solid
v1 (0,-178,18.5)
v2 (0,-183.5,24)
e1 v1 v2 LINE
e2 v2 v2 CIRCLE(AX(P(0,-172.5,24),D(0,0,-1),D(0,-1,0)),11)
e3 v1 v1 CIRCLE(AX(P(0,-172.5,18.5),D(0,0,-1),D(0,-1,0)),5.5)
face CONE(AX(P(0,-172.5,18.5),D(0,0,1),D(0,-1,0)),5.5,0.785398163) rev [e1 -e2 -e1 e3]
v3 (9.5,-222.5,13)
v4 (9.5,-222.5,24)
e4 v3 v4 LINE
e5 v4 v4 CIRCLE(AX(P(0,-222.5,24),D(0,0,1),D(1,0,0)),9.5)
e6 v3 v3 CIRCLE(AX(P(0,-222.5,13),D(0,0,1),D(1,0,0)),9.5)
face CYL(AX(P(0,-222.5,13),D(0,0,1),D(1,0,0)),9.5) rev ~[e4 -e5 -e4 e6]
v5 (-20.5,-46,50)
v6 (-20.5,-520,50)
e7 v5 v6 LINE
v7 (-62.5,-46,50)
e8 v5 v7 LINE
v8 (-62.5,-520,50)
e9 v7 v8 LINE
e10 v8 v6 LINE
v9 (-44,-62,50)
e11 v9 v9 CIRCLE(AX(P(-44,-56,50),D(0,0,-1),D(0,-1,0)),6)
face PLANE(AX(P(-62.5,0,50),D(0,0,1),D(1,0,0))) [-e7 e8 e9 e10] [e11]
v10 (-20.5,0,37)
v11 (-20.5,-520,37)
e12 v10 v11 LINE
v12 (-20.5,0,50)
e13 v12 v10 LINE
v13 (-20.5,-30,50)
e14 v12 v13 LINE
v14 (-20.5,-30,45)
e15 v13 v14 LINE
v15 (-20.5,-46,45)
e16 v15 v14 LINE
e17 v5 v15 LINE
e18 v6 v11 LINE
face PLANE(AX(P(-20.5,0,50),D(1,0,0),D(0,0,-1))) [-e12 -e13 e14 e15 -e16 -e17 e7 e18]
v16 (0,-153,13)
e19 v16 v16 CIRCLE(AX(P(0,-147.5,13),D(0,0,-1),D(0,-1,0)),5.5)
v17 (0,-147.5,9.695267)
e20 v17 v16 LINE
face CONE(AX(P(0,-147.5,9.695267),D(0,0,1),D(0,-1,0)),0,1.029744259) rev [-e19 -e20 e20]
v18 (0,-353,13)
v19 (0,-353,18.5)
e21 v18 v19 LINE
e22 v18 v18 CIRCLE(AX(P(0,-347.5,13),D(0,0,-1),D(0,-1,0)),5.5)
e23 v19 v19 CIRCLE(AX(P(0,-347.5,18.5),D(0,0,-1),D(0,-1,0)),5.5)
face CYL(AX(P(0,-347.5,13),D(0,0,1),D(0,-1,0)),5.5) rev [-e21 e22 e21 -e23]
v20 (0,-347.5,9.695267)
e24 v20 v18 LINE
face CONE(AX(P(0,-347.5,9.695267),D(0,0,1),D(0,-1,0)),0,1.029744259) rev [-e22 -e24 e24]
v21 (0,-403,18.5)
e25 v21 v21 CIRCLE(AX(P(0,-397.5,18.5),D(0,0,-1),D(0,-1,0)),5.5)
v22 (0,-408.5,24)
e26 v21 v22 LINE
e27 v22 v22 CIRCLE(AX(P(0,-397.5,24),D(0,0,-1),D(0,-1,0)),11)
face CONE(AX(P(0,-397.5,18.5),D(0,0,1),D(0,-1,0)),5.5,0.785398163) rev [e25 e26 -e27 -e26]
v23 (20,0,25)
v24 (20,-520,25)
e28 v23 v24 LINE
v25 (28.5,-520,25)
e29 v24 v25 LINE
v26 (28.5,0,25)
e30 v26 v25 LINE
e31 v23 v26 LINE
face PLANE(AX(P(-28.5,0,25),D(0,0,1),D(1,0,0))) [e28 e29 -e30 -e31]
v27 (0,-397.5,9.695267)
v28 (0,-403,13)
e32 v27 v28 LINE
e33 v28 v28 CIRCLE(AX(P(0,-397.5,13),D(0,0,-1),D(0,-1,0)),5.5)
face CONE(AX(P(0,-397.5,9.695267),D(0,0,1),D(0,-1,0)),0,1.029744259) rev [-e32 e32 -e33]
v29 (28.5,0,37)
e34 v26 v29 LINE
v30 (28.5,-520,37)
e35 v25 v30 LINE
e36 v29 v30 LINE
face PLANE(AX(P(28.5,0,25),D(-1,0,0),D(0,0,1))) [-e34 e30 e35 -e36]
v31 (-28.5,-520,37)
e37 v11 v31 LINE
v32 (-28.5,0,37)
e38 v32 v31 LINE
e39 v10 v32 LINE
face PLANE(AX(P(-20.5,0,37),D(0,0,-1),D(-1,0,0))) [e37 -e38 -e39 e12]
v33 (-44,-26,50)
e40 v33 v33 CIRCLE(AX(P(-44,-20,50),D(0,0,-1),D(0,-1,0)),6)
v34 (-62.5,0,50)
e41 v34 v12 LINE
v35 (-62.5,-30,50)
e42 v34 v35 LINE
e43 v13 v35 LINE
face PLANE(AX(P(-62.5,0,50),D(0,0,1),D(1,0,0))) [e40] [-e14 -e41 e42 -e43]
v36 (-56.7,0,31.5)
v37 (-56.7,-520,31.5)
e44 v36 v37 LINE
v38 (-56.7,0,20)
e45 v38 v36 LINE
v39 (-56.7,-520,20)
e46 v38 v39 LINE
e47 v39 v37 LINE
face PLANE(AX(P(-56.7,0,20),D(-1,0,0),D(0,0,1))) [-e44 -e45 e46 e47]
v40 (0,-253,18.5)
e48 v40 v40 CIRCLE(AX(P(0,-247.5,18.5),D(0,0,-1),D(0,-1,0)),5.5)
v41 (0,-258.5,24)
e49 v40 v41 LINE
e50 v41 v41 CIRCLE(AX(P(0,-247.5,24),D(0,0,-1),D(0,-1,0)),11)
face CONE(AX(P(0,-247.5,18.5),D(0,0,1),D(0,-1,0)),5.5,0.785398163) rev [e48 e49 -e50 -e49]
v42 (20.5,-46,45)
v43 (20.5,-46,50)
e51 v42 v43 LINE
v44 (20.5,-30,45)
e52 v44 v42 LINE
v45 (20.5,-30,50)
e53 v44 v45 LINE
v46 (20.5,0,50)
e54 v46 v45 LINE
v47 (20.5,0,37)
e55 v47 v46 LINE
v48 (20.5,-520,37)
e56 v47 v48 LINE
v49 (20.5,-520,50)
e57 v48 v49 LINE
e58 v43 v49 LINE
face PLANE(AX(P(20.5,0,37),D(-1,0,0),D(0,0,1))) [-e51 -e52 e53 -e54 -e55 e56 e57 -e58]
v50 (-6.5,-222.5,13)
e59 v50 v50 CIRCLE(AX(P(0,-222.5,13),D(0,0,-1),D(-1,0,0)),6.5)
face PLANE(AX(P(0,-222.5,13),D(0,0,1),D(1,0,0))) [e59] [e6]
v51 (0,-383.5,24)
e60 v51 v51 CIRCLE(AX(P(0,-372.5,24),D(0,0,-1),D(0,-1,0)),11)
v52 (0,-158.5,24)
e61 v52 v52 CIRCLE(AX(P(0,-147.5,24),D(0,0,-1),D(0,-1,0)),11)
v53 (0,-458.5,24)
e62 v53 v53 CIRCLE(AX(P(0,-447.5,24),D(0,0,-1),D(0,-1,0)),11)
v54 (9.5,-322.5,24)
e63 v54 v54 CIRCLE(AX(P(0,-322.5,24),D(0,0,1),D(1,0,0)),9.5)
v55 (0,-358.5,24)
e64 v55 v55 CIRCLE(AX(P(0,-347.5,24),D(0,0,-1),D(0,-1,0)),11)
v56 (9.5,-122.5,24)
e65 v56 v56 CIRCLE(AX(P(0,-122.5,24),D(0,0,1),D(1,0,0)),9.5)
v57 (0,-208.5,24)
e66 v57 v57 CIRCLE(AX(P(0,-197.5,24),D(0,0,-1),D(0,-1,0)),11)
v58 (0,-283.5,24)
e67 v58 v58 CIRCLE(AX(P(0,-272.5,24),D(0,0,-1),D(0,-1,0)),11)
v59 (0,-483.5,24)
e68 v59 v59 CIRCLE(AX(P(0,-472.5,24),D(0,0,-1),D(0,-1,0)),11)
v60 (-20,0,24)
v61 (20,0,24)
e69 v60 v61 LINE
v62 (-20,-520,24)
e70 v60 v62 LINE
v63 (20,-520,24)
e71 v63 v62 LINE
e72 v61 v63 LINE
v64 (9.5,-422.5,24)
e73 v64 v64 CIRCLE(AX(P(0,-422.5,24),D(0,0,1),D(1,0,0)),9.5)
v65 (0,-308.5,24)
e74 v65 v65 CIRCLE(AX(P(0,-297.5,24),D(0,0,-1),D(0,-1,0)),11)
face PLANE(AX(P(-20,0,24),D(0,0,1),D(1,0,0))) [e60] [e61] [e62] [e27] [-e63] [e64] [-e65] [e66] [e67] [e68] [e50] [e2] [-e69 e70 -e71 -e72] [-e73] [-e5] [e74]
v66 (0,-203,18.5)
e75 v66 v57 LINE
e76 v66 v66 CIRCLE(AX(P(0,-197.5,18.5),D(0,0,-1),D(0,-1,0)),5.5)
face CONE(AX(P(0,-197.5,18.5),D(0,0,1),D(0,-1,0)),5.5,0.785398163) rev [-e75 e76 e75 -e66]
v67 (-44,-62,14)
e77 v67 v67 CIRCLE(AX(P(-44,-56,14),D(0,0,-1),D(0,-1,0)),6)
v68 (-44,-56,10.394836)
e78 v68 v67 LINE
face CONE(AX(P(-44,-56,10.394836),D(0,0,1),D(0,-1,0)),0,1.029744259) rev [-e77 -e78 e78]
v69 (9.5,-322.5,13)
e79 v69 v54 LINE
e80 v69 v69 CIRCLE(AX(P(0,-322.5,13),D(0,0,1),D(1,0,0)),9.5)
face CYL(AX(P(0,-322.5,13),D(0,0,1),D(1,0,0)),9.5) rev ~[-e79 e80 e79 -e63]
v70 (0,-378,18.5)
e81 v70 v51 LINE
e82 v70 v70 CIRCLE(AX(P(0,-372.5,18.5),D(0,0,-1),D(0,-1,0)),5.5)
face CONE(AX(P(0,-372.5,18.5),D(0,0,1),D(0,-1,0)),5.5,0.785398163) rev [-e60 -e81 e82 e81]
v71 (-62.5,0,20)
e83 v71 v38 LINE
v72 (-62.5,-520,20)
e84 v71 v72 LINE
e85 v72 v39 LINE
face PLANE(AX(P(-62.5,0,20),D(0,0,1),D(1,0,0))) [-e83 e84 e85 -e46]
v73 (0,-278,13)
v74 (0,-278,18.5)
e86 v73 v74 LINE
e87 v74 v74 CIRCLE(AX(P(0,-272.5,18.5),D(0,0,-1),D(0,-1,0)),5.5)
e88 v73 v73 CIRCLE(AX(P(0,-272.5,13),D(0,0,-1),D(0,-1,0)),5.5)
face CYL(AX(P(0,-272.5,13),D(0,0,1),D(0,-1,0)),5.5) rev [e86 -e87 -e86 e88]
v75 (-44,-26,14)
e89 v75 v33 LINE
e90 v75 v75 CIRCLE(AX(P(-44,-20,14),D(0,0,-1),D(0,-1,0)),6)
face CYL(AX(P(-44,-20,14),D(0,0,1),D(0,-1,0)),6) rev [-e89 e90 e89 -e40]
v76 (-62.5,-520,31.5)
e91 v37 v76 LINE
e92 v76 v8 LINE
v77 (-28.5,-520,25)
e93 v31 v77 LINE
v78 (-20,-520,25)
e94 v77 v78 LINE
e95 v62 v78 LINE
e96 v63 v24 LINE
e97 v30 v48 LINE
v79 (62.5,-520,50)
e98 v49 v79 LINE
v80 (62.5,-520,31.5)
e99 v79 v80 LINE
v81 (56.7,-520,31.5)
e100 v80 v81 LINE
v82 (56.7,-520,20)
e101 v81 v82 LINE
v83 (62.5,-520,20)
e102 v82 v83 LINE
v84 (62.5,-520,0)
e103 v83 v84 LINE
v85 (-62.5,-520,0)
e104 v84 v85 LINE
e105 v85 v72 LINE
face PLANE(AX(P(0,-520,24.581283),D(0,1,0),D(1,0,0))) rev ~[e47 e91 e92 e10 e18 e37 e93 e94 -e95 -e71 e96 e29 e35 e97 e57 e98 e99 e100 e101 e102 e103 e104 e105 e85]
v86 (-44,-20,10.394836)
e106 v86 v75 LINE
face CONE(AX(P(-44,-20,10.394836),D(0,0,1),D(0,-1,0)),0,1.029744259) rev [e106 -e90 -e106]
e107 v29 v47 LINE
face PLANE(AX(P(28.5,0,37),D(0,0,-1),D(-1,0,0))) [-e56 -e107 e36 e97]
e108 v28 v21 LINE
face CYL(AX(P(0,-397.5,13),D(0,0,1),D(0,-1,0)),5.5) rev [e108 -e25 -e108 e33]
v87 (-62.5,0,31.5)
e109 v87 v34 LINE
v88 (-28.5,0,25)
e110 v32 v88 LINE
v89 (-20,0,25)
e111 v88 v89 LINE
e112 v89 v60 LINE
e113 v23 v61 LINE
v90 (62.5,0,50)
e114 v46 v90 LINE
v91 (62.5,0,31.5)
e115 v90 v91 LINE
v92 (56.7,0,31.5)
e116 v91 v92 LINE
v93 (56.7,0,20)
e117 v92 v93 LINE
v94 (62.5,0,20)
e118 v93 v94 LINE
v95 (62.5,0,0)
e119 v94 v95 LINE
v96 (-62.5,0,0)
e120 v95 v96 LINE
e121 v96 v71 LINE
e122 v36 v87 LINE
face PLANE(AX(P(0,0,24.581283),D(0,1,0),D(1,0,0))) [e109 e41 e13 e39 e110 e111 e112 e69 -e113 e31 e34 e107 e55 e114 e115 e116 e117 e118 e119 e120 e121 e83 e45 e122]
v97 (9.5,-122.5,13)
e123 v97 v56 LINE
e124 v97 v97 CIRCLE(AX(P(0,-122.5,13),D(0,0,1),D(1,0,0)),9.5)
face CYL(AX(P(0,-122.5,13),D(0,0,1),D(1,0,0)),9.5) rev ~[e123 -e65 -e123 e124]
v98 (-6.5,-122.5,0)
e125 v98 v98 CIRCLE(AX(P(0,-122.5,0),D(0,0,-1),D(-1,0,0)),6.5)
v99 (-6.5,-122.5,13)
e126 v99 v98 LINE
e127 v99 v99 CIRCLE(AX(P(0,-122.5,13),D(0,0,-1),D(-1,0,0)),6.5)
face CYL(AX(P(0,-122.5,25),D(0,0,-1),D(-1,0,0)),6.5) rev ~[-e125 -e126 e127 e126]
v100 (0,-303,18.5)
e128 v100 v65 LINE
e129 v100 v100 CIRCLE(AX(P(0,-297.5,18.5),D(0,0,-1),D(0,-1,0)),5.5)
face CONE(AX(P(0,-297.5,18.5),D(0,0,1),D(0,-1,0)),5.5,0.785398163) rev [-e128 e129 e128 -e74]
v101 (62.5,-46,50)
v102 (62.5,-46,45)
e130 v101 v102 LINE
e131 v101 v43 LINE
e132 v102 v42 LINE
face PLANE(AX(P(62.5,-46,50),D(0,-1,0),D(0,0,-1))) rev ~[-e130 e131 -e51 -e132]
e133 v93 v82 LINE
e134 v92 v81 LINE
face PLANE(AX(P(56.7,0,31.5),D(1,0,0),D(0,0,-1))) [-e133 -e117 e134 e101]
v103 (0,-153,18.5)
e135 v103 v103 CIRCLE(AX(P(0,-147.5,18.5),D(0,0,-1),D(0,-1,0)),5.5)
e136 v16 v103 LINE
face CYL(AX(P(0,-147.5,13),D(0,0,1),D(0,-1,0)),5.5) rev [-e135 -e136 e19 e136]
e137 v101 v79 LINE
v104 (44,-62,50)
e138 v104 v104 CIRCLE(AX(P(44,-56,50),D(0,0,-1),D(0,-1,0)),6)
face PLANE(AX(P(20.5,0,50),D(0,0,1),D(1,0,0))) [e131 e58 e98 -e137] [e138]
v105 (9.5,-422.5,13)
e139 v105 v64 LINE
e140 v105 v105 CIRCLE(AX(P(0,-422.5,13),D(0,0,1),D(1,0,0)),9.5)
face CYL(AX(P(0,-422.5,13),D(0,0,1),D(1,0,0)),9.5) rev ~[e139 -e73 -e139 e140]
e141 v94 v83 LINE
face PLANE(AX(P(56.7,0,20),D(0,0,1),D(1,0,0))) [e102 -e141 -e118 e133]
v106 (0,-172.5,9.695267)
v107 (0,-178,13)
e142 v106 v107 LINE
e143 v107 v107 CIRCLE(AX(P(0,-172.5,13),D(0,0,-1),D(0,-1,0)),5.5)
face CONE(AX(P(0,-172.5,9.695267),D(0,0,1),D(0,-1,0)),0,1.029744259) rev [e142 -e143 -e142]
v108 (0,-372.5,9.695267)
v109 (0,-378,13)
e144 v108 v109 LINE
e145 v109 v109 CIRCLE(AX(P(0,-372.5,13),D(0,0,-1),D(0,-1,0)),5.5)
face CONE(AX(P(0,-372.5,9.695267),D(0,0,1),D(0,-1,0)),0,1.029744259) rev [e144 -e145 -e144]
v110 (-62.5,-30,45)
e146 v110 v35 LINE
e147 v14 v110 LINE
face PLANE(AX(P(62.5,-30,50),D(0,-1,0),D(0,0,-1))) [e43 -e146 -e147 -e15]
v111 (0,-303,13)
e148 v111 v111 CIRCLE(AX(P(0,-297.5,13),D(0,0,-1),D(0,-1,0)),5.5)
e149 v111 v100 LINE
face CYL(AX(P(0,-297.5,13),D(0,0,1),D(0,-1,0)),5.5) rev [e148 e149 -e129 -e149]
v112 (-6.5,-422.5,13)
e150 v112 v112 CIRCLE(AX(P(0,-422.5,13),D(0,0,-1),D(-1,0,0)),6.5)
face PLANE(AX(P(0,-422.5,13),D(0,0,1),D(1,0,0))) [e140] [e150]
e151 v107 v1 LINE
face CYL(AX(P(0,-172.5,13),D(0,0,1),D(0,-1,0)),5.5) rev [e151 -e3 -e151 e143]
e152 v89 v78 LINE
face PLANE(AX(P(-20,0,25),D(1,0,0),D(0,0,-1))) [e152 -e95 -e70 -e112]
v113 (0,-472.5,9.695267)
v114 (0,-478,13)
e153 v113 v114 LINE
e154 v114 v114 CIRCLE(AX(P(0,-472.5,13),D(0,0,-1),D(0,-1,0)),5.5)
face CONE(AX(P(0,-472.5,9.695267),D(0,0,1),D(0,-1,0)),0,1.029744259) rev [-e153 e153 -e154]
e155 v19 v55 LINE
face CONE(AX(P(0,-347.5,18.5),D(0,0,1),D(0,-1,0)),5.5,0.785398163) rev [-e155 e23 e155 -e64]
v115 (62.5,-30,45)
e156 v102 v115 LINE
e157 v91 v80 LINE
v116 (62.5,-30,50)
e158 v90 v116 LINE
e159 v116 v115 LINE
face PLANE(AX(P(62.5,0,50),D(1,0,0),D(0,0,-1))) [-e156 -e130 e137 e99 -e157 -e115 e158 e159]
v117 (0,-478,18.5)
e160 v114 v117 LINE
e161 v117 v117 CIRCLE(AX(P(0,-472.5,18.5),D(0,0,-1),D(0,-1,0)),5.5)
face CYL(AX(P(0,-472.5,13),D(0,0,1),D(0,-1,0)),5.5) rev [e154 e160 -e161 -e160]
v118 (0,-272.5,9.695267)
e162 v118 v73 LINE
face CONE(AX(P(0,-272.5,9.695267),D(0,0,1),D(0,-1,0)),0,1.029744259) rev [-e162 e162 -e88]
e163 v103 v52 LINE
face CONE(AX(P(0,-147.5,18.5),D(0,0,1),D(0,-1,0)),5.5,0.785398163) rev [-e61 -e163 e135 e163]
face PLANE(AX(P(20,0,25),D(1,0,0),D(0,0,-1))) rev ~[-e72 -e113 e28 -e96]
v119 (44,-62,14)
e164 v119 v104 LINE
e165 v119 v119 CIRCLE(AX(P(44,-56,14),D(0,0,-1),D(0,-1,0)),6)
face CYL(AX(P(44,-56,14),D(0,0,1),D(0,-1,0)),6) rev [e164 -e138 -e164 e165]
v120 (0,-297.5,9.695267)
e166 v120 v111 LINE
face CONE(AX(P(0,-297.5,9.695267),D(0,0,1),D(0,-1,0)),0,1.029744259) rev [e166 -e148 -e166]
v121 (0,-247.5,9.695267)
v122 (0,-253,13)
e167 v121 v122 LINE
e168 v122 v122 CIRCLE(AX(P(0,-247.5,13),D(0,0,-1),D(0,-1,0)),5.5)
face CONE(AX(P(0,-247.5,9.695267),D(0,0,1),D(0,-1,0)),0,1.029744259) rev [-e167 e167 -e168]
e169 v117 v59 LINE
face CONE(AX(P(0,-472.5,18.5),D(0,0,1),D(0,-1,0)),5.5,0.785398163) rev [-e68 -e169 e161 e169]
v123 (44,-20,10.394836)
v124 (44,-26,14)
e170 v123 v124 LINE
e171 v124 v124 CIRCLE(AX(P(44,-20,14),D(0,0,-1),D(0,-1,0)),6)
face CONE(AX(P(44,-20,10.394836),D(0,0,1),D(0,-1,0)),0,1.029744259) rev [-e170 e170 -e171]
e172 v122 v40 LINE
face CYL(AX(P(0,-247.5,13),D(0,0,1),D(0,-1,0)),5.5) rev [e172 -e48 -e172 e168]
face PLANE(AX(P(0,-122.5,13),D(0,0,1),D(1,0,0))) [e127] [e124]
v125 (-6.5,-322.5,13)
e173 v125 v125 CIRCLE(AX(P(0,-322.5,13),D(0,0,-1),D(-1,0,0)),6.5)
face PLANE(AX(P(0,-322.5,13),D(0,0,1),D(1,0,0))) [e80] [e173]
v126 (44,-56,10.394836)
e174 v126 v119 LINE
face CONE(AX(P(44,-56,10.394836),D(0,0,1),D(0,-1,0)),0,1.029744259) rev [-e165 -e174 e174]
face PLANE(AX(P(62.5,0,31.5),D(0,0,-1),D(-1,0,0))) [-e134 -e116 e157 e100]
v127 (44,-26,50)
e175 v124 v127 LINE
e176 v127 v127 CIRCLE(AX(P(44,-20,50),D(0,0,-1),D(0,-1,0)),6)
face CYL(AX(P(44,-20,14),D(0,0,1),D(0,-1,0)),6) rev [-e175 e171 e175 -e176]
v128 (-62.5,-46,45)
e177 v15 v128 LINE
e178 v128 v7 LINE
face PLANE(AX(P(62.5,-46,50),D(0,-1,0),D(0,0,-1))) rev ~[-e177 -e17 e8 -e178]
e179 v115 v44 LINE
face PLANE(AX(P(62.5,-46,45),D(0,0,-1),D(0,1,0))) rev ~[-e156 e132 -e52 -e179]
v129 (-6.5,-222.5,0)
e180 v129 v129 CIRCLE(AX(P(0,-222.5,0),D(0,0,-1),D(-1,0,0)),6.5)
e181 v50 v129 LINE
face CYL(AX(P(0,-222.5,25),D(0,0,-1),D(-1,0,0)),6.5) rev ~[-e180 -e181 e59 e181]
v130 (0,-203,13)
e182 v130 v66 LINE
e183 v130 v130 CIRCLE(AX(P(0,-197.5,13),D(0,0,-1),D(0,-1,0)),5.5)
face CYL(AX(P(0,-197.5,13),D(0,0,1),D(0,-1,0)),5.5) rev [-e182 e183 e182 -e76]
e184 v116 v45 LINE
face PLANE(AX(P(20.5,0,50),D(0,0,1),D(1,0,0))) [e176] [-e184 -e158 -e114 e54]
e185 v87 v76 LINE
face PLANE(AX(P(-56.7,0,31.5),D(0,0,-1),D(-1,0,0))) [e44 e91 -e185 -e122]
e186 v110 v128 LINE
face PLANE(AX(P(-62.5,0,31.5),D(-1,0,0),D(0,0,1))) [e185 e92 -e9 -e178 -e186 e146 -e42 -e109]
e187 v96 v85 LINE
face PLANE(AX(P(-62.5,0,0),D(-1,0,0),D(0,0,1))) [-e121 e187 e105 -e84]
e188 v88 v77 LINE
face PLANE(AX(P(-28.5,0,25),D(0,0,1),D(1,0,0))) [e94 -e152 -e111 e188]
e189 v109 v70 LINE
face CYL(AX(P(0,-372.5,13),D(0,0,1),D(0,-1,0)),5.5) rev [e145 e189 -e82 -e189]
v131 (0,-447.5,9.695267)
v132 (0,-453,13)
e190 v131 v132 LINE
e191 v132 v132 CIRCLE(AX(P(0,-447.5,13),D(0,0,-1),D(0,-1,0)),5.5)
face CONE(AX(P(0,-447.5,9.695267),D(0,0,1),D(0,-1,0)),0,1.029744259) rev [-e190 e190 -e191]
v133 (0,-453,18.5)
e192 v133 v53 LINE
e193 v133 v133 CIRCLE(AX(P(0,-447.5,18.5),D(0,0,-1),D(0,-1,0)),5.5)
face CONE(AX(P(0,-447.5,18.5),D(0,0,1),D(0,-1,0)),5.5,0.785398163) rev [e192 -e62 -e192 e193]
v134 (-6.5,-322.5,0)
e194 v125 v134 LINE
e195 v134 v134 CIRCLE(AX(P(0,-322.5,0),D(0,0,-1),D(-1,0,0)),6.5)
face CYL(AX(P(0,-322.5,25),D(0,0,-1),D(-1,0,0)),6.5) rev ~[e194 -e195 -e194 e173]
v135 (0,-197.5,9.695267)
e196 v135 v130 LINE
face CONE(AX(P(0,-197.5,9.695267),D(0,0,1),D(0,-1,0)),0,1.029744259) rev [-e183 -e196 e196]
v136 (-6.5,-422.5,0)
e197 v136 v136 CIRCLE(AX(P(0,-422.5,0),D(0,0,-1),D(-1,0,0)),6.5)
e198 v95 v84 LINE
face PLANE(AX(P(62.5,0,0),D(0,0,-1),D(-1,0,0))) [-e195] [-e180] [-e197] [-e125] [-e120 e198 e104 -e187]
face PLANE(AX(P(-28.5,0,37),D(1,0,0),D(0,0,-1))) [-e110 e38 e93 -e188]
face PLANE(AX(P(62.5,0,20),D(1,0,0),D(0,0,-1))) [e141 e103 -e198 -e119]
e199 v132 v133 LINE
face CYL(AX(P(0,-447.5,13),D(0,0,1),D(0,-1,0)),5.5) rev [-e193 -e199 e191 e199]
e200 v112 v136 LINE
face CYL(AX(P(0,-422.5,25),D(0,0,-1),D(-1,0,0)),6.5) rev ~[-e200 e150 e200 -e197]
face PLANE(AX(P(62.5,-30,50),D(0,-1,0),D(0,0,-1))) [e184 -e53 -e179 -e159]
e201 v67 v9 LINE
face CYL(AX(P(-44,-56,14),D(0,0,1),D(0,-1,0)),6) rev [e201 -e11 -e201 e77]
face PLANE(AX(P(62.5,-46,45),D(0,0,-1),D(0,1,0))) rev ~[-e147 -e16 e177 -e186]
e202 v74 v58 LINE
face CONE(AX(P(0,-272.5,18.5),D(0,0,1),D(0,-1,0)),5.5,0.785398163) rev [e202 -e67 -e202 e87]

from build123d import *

# Parameters (mm, degrees)
BOSS_EXTRUDE1_DEPTH                      = 520
CUT_EXTRUDE1_REACH                       = 528.124
SKETCH4_W                                = 40
SKETCH4_H                                = 1
CBORE_FOR_M12_HEX_HEAD_BOLT1_D           = 13
CBORE_FOR_M12_HEX_HEAD_BOLT1_CBORE_D     = 19
CBORE_FOR_M12_HEX_HEAD_BOLT1_CBORE_DEPTH = 12
LPATTERN1_COUNT                          = 4
LPATTERN1_PITCH                          = 100
LPATTERN2_COUNT                          = 14
LPATTERN2_PITCH                          = 25
SKETCH7_W                                = 5
SKETCH7_H                                = 16
CUT_EXTRUDE2_DEPTH                       = 538.145231758
LPATTERN3_COUNT                          = 2
LPATTERN3_PITCH                          = 88
LPATTERN3_COUNT_DIR2                     = 2
LPATTERN3_PITCH_DIR2                     = 36


with BuildPart() as part:
    # Sketch1 → Boss-Extrude1 (new body)
    with BuildSketch(Plane(origin=(0, 0, 0), x_dir=(1, 0, 0), z_dir=(0, 1, 0))):
        Polygon((62.5, 0), (-62.5, 0), (-62.5, -20), (-56.7, -20), (-56.7, -31.5), (-62.5, -31.5), (-62.5, -50), (-20.5, -50), (-20.5, -37), (-28.5, -37), (-28.5, -25), (28.5, -25), (28.5, -37), (20.5, -37), (20.5, -50), (62.5, -50), (62.5, -31.5), (56.7, -31.5), (56.7, -20), (62.5, -20), align=None)
    extrude(amount=-BOSS_EXTRUDE1_DEPTH)

    # Sketch4 → Cut-Extrude1 (cut, up to next)
    with BuildSketch(Plane(origin=(0, 0, 0), x_dir=(1, 0, 0), z_dir=(0, 1, 0)), mode=Mode.PRIVATE) as cut_extrude1_sk1:
        with Locations((0, -24.5)):
            Rectangle(SKETCH4_W, SKETCH4_H)
    cut_extrude1_tool1 = extrude(cut_extrude1_sk1.sketch, amount=-CUT_EXTRUDE1_REACH, mode=Mode.PRIVATE) & part.part
    add(cut_extrude1_tool1.solids().sort_by_distance((0, 0, 24.5))[0], mode=Mode.SUBTRACT)

    # CBORE for M12 Hex Head Bolt1 (through all)
    with Locations(Plane.XY.offset(25)):
        with Locations((0, -122.5)):
            cbore_for_m12_hex_head_bolt1 = CounterBoreHole(CBORE_FOR_M12_HEX_HEAD_BOLT1_D / 2, CBORE_FOR_M12_HEX_HEAD_BOLT1_CBORE_D / 2, CBORE_FOR_M12_HEX_HEAD_BOLT1_CBORE_DEPTH)

    # LPattern1: CBORE for M12 Hex Head Bolt1 ×4
    with Locations(*[(0, -i * LPATTERN1_PITCH, 0) for i in range(1, LPATTERN1_COUNT)]):
        add(cbore_for_m12_hex_head_bolt1, mode=Mode.SUBTRACT)

    # Sketch6 → CSK for M10 Countersunk Flat Head Screw1 (revolve, cut)
    with BuildSketch(Plane(origin=(0, -147.5, 24), x_dir=(0, -1, 0), z_dir=(1, 0, 0))):
        Polygon((0, 0), (0, 14.304733405), (5.5, 11), (5.5, 5.5), (11, 0), align=None)
    csk_for_m10_countersunk_flat_head_screw1 = revolve(axis=Axis((0, -147.5, 30.35), (0, 0, -1)), mode=Mode.SUBTRACT)

    # LPattern2: CSK for M10 Countersunk Flat Head Screw1 ×14, 3 skipped
    with Locations(*[(0, -i * LPATTERN2_PITCH, 0) for i in range(1, LPATTERN2_COUNT) if i not in (3, 7, 11)]):
        add(csk_for_m10_countersunk_flat_head_screw1, mode=Mode.SUBTRACT)

    # Sketch7 → Cut-Extrude2 (cut, through all)
    with BuildSketch(Plane(origin=(62.5, 0, 0), x_dir=(0, 0, -1), z_dir=(1, 0, 0))):
        with Locations((-47.5, -38)):
            Rectangle(SKETCH7_W, SKETCH7_H)
    extrude(amount=-CUT_EXTRUDE2_DEPTH, mode=Mode.SUBTRACT)

    # Sketch9 → M14 Tapped Hole1 (revolve, cut)
    with BuildSketch(Plane(origin=(44, -20, 50), x_dir=(0, -1, 0), z_dir=(1, 0, 0))):
        Polygon((0, 0), (0, 39.605163714), (6, 36), (6, 0), align=None)
    m14_tapped_hole1 = revolve(axis=Axis((44, -20, 56.35), (0, 0, -1)), mode=Mode.SUBTRACT)

    # LPattern3: M14 Tapped Hole1 2 × 2
    with Locations(*[(-i * LPATTERN3_PITCH, -j * LPATTERN3_PITCH_DIR2, 0) for i in range(LPATTERN3_COUNT) for j in range(LPATTERN3_COUNT_DIR2) if (i, j) != (0, 0)]):
        add(m14_tapped_hole1, mode=Mode.SUBTRACT)


solid = part.part
